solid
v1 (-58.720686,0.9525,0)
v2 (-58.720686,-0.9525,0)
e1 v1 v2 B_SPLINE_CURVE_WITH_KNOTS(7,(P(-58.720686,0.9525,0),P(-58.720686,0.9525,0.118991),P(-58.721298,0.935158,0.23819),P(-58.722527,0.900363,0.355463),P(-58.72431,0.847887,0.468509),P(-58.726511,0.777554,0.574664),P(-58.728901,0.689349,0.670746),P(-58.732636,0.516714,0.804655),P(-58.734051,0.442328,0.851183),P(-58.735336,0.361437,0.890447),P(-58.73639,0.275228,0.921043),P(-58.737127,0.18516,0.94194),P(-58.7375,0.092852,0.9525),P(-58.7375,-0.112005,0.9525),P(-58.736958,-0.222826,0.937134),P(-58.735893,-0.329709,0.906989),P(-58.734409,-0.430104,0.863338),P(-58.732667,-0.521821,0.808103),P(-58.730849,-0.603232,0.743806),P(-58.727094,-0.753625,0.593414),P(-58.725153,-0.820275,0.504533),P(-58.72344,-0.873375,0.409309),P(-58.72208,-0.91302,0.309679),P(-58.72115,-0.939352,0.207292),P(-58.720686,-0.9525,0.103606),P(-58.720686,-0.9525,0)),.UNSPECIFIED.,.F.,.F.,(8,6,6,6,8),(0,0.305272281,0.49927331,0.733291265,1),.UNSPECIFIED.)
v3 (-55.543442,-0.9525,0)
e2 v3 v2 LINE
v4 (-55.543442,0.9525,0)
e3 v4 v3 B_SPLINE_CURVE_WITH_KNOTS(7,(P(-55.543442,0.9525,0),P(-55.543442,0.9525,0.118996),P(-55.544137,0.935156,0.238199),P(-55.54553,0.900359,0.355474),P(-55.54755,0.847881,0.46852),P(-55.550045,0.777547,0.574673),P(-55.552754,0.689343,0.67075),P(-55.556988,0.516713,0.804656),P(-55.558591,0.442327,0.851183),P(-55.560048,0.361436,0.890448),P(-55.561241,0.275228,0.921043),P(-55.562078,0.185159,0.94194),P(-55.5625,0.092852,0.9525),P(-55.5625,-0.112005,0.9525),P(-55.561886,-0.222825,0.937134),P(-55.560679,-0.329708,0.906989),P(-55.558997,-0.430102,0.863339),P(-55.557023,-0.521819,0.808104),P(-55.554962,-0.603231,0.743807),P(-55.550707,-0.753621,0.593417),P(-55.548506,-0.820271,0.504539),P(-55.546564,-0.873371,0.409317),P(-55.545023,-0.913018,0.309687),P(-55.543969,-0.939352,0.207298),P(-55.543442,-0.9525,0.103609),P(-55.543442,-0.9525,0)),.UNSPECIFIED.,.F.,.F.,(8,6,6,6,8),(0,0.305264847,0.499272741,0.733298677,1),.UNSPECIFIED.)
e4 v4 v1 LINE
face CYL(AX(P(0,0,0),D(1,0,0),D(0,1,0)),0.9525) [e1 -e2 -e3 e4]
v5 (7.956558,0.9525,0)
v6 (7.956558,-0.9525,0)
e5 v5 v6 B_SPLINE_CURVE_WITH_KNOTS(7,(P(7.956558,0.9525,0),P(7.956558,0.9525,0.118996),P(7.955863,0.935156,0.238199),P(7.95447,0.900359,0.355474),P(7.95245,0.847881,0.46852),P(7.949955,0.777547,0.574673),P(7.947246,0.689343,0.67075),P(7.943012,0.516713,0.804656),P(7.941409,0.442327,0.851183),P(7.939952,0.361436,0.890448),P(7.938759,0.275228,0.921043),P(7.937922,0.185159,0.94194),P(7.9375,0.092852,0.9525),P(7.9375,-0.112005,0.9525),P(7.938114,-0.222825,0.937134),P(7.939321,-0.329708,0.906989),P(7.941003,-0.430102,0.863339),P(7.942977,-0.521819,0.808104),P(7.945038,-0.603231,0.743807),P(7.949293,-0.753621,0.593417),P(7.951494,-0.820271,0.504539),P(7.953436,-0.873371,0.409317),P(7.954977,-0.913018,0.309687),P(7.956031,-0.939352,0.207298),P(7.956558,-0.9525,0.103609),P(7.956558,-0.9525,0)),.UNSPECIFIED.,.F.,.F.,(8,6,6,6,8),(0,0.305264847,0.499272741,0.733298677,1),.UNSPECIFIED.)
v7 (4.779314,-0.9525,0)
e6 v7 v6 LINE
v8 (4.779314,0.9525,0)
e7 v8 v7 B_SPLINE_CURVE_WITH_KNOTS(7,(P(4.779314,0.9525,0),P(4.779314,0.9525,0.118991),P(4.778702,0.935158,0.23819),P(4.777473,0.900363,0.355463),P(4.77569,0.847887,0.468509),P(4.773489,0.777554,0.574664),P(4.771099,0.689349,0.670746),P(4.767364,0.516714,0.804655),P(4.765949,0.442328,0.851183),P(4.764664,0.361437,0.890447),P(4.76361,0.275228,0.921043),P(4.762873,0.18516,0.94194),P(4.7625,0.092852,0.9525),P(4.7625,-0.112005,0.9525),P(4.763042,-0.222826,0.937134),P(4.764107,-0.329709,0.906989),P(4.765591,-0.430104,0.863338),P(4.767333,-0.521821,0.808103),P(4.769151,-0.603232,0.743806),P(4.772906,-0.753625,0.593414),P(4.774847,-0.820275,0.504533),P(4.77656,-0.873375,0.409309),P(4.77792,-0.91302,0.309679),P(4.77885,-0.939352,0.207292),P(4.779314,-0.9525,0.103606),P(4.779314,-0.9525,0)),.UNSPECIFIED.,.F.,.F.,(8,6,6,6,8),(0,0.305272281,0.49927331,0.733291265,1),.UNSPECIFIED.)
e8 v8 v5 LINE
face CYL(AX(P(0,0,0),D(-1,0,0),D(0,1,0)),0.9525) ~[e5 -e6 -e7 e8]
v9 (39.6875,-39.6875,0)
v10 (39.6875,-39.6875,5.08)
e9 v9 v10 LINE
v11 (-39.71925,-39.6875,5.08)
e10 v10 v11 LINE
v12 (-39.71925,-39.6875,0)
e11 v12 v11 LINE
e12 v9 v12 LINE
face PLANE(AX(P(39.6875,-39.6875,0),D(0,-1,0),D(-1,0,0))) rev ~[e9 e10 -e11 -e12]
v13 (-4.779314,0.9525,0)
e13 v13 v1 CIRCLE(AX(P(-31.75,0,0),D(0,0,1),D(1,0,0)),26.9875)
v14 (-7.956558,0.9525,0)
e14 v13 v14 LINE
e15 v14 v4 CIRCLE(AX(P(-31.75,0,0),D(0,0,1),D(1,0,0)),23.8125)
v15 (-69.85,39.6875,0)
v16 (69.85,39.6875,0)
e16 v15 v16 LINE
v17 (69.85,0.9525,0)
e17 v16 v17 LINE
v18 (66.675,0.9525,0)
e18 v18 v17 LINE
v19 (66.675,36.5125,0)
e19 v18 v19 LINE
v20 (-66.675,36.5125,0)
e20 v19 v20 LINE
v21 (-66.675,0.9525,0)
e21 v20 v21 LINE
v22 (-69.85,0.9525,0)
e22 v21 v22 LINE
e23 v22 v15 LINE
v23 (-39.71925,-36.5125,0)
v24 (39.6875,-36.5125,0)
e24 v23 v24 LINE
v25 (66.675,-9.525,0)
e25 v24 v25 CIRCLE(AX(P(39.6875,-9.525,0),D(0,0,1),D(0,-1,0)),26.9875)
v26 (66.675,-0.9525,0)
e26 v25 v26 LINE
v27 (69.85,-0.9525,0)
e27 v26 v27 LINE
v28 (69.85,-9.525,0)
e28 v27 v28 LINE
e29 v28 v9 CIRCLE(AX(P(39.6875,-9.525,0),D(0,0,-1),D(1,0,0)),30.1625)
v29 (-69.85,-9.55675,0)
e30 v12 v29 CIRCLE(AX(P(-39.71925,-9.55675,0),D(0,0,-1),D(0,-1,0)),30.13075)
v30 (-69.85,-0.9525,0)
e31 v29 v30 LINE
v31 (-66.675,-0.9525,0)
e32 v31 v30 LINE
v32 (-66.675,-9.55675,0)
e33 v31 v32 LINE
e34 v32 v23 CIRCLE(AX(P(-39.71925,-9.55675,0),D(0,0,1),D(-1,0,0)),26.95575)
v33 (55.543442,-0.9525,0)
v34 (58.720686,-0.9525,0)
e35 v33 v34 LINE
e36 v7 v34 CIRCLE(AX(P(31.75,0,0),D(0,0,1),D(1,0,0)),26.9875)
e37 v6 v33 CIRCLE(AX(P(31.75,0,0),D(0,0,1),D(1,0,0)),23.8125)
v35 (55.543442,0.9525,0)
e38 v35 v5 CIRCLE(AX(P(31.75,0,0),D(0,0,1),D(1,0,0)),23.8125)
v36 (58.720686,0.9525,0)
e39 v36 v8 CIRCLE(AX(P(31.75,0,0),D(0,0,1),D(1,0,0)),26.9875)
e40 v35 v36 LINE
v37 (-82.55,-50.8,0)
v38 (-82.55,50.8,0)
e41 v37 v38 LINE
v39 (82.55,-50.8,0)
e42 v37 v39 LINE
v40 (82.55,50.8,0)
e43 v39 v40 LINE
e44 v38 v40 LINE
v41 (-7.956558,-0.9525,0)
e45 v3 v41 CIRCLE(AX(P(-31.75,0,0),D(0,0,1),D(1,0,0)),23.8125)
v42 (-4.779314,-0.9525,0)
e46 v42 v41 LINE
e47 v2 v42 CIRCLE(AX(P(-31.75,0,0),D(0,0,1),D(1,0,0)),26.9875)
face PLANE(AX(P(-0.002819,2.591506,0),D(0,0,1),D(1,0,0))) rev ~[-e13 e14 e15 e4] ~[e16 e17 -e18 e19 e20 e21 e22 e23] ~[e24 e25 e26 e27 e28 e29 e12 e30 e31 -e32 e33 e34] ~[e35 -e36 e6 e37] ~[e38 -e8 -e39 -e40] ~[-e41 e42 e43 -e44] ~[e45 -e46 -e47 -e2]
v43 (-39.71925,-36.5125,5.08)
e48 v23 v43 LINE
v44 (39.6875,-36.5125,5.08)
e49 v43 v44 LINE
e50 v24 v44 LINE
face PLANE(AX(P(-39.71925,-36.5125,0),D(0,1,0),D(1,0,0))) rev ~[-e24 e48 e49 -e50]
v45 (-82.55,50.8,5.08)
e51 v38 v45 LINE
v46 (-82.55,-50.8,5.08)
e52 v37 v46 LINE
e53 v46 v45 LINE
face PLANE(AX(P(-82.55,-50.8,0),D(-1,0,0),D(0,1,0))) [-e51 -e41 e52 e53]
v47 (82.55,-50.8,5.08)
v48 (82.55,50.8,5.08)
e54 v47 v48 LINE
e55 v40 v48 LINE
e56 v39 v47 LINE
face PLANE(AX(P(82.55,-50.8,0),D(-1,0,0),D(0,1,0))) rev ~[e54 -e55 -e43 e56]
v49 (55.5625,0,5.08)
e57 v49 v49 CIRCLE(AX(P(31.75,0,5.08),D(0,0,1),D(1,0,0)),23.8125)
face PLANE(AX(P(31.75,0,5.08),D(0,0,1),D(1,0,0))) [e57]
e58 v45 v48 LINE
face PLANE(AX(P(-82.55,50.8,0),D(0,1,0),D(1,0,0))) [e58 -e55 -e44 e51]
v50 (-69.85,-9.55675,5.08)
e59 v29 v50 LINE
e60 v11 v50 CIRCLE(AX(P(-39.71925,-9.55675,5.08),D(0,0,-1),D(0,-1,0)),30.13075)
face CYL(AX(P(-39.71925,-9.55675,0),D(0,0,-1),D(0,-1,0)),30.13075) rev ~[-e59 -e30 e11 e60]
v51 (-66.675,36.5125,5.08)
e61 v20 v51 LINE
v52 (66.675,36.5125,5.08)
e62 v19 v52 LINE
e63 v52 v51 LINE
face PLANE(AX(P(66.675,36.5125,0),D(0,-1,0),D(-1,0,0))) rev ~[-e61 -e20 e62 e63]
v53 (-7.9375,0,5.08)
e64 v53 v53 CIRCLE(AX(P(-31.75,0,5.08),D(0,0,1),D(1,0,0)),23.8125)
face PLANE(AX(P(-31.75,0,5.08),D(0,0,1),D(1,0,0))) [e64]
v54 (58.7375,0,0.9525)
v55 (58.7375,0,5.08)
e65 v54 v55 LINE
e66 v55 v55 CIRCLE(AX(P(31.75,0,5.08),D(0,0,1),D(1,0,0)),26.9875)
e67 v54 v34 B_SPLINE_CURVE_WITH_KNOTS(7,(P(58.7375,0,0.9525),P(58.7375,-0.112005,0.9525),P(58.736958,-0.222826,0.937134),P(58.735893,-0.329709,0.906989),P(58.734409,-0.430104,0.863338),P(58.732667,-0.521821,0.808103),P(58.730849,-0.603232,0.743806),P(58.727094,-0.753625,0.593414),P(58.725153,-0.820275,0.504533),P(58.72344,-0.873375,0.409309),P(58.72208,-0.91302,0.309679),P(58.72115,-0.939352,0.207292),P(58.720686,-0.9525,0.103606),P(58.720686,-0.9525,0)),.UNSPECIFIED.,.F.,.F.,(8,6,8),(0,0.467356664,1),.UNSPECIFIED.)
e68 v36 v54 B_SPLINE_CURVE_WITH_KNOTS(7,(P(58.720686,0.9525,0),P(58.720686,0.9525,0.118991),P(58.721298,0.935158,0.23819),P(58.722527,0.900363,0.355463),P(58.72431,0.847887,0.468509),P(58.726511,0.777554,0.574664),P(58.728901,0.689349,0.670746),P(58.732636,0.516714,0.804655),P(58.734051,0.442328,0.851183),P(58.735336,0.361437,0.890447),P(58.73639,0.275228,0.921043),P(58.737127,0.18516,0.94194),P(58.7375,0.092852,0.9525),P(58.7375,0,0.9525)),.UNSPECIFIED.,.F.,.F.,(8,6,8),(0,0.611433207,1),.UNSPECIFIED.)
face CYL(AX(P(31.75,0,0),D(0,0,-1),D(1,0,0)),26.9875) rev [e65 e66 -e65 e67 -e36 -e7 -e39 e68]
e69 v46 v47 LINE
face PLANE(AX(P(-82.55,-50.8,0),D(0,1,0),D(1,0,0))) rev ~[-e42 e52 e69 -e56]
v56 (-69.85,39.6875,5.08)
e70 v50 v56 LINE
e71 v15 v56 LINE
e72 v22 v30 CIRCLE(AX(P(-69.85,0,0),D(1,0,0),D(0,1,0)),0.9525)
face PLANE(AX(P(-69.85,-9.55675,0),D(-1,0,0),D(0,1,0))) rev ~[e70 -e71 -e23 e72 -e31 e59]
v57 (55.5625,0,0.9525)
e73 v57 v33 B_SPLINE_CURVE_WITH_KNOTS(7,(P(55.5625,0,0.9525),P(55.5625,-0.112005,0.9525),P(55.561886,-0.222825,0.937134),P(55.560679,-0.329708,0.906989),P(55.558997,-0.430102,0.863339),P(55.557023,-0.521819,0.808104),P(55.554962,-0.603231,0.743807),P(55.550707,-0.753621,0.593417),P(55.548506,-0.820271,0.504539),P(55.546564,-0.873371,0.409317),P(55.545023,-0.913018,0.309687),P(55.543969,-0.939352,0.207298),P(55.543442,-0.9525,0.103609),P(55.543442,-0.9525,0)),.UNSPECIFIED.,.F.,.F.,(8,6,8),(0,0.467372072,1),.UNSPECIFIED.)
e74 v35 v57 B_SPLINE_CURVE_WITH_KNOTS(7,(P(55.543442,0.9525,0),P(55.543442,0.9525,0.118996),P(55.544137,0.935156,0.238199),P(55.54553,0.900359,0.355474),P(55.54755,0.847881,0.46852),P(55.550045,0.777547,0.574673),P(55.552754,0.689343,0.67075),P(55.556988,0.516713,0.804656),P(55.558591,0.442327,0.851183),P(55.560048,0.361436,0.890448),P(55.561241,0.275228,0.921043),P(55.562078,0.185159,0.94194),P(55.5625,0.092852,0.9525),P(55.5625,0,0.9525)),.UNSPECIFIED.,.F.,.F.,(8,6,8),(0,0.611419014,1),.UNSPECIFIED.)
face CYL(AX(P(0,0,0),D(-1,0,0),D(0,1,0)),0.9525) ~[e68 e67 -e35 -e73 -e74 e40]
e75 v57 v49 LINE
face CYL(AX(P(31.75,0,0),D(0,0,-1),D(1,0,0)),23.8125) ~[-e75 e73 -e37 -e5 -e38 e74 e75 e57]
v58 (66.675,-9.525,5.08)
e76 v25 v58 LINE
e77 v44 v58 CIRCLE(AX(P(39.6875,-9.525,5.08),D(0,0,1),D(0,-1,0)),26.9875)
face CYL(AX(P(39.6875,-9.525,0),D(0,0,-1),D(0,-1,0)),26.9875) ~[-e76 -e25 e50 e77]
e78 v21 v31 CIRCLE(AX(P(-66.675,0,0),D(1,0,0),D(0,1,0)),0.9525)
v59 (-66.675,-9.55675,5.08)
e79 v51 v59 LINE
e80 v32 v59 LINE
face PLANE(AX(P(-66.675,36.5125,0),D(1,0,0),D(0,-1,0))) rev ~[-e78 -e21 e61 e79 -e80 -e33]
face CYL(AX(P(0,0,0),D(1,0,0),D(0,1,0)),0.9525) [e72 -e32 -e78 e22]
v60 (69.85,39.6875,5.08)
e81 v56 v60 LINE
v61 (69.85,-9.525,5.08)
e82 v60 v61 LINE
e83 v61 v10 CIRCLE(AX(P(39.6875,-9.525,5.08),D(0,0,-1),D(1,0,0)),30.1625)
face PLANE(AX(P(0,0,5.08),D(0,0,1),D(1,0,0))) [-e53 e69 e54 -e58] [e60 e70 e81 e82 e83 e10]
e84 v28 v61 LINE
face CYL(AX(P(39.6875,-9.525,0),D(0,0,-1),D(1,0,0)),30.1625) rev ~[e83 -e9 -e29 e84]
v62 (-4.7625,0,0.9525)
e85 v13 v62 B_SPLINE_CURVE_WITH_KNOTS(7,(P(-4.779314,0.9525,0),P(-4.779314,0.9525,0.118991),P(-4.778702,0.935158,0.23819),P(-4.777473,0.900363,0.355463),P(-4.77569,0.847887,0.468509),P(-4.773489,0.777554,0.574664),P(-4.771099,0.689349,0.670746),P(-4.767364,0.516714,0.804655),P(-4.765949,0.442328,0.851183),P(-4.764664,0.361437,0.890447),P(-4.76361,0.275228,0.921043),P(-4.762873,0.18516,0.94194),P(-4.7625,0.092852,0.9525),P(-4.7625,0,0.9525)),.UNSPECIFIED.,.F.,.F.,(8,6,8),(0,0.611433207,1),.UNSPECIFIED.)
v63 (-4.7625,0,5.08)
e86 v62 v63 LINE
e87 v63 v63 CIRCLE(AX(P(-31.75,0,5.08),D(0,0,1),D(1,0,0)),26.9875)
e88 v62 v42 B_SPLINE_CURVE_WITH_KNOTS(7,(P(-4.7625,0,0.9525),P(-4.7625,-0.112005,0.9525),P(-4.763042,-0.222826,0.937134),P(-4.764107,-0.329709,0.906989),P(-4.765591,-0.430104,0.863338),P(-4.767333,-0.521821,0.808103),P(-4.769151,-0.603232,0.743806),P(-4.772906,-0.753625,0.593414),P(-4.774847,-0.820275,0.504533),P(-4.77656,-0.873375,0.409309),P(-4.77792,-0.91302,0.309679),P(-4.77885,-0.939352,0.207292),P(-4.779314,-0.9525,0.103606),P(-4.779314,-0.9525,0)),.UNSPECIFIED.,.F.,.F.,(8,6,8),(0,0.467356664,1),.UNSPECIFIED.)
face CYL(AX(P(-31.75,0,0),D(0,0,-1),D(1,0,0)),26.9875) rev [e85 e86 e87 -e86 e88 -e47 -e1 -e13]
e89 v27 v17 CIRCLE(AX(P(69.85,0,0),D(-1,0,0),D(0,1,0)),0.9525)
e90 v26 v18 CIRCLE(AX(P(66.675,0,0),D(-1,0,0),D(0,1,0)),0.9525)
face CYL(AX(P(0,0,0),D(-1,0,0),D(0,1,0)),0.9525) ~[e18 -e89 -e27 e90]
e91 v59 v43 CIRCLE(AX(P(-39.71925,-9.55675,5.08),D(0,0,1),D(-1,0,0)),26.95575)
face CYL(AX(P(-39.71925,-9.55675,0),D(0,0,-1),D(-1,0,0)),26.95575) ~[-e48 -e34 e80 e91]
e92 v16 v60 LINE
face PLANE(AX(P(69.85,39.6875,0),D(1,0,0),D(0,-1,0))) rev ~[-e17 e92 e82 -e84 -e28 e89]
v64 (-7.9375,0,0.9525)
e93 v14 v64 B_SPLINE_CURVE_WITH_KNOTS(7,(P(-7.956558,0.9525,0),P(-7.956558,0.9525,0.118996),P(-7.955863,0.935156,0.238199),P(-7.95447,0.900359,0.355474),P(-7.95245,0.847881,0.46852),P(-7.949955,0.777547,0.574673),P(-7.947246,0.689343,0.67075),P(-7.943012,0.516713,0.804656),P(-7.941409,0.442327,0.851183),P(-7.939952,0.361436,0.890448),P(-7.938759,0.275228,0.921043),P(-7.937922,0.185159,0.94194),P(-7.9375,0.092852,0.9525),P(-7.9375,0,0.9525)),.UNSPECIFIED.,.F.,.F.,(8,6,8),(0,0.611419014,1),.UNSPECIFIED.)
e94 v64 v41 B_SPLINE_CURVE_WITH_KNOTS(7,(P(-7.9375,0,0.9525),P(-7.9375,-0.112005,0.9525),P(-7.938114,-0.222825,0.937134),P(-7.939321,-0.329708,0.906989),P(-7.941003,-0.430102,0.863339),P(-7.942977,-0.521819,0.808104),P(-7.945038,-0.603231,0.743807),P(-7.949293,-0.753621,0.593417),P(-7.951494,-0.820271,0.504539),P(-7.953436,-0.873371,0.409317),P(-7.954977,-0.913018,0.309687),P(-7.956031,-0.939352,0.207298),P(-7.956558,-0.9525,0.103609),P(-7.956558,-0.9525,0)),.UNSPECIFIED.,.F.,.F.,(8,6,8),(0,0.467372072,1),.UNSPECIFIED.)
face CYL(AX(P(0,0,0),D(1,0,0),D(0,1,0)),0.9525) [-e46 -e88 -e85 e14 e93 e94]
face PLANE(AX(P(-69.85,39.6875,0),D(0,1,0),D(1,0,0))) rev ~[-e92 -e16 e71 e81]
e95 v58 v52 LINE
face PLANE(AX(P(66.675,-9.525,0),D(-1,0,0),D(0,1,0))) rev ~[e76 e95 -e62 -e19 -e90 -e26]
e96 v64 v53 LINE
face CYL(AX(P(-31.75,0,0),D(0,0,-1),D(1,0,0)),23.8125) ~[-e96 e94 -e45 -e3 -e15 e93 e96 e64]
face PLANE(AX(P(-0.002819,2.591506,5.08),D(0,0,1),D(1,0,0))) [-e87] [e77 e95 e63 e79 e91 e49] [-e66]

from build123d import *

# Parameters (mm, degrees)
F0_R          = 26.9875
F1_DEPTH      = 5.08
F0_R_2        = 23.8125
F0_W          = 165.1
F0_H          = 101.6
F3_DEPTH      = 76.2
F3_DEPTH_BACK = 76.2


with BuildPart() as f1:
    # F0 (on Top) → F1 (new body)
    with BuildSketch(Plane.XY):
        with BuildLine():
            Line((66.675, 36.5125), (-66.675, 36.5125))
            Line((-66.675, 36.5125), (-66.675, -9.55675))
            ThreePointArc((-66.675, -9.55675), (-58.779843617, -28.617343617), (-39.71925, -36.5125))
            Line((-39.71925, -36.5125), (39.6875, -36.5125))
            ThreePointArc((39.6875, -36.5125), (58.7705442573, -28.6080442573), (66.675, -9.525))
            Line((66.675, -9.525), (66.675, 36.5125))
        make_face()
        with Locations((-31.75, 0)):
            Circle(F0_R, mode=Mode.SUBTRACT)
        with Locations((31.75, 0)):
            Circle(F0_R, mode=Mode.SUBTRACT)
    extrude(amount=F1_DEPTH)



with BuildPart() as f1b:
    # F0 (on Top) → F1, piece 2 (new body)
    with BuildSketch(Plane.XY):
        with Locations((-31.75, 0)):
            Circle(F0_R_2)
    extrude(amount=F1_DEPTH)


with BuildPart() as f1c:
    # F0 (on Top) → F1, piece 3 (new body)
    with BuildSketch(Plane.XY):
        with Locations((31.75, 0)):
            Circle(F0_R_2)
    extrude(amount=F1_DEPTH)


with BuildPart() as f1d:
    # F0 (on Top) → F1, piece 4 (new body)
    with BuildSketch(Plane.XY):
        Rectangle(F0_W, F0_H)
        with BuildLine():
            Line((-73.025, -9.55675), (-73.025, 42.8625))
            Line((-73.025, 42.8625), (73.025, 42.8625))
            Line((73.025, 42.8625), (73.025, -9.525))
            ThreePointArc((73.025, -9.525), (63.2606723178, -33.0981723178), (39.6875, -42.8625))
            Line((39.6875, -42.8625), (-39.71925, -42.8625))
            ThreePointArc((-39.71925, -42.8625), (-63.2699716775, -33.1074716775), (-73.025, -9.55675))
        make_face(mode=Mode.SUBTRACT)
        with BuildLine():
            Line((73.025, 42.8625), (-73.025, 42.8625))
            Line((-73.025, 42.8625), (-73.025, -9.55675))
            ThreePointArc((-73.025, -9.55675), (-63.2699716775, -33.1074716775), (-39.71925, -42.8625))
            Line((-39.71925, -42.8625), (39.6875, -42.8625))
            ThreePointArc((39.6875, -42.8625), (63.2606723178, -33.0981723178), (73.025, -9.525))
            Line((73.025, -9.525), (73.025, 42.8625))
        make_face()
        with BuildLine():
            Line((-69.85, -9.55675), (-69.85, 39.6875))
            Line((-69.85, 39.6875), (69.85, 39.6875))
            Line((69.85, 39.6875), (69.85, -9.525))
            ThreePointArc((69.85, -9.525), (61.0156082875, -30.8531082875), (39.6875, -39.6875))
            Line((39.6875, -39.6875), (-39.71925, -39.6875))
            ThreePointArc((-39.71925, -39.6875), (-61.0249076472, -30.8624076472), (-69.85, -9.55675))
        make_face(mode=Mode.SUBTRACT)
    extrude(amount=F1_DEPTH)


with BuildPart() as f1_1:
    add(f1.part)

    add(f1b.part)  # F3 merges F1b

    add(f1c.part)  # F3 merges F1c

    add(f1d.part)  # F3 merges F1d
    # F2 (on Right) → F3 (join, two sides)
    with BuildSketch(Plane.YZ) as f3_sk:
        with BuildLine():
            Line((-0.9525, 0), (0.9525, 0))
            ThreePointArc((0.9525, 0), (0, 0.9525), (-0.9525, 0))
        make_face()
    extrude(amount=F3_DEPTH)
    extrude(f3_sk.sketch, amount=-F3_DEPTH_BACK)


solid = f1_1.part
